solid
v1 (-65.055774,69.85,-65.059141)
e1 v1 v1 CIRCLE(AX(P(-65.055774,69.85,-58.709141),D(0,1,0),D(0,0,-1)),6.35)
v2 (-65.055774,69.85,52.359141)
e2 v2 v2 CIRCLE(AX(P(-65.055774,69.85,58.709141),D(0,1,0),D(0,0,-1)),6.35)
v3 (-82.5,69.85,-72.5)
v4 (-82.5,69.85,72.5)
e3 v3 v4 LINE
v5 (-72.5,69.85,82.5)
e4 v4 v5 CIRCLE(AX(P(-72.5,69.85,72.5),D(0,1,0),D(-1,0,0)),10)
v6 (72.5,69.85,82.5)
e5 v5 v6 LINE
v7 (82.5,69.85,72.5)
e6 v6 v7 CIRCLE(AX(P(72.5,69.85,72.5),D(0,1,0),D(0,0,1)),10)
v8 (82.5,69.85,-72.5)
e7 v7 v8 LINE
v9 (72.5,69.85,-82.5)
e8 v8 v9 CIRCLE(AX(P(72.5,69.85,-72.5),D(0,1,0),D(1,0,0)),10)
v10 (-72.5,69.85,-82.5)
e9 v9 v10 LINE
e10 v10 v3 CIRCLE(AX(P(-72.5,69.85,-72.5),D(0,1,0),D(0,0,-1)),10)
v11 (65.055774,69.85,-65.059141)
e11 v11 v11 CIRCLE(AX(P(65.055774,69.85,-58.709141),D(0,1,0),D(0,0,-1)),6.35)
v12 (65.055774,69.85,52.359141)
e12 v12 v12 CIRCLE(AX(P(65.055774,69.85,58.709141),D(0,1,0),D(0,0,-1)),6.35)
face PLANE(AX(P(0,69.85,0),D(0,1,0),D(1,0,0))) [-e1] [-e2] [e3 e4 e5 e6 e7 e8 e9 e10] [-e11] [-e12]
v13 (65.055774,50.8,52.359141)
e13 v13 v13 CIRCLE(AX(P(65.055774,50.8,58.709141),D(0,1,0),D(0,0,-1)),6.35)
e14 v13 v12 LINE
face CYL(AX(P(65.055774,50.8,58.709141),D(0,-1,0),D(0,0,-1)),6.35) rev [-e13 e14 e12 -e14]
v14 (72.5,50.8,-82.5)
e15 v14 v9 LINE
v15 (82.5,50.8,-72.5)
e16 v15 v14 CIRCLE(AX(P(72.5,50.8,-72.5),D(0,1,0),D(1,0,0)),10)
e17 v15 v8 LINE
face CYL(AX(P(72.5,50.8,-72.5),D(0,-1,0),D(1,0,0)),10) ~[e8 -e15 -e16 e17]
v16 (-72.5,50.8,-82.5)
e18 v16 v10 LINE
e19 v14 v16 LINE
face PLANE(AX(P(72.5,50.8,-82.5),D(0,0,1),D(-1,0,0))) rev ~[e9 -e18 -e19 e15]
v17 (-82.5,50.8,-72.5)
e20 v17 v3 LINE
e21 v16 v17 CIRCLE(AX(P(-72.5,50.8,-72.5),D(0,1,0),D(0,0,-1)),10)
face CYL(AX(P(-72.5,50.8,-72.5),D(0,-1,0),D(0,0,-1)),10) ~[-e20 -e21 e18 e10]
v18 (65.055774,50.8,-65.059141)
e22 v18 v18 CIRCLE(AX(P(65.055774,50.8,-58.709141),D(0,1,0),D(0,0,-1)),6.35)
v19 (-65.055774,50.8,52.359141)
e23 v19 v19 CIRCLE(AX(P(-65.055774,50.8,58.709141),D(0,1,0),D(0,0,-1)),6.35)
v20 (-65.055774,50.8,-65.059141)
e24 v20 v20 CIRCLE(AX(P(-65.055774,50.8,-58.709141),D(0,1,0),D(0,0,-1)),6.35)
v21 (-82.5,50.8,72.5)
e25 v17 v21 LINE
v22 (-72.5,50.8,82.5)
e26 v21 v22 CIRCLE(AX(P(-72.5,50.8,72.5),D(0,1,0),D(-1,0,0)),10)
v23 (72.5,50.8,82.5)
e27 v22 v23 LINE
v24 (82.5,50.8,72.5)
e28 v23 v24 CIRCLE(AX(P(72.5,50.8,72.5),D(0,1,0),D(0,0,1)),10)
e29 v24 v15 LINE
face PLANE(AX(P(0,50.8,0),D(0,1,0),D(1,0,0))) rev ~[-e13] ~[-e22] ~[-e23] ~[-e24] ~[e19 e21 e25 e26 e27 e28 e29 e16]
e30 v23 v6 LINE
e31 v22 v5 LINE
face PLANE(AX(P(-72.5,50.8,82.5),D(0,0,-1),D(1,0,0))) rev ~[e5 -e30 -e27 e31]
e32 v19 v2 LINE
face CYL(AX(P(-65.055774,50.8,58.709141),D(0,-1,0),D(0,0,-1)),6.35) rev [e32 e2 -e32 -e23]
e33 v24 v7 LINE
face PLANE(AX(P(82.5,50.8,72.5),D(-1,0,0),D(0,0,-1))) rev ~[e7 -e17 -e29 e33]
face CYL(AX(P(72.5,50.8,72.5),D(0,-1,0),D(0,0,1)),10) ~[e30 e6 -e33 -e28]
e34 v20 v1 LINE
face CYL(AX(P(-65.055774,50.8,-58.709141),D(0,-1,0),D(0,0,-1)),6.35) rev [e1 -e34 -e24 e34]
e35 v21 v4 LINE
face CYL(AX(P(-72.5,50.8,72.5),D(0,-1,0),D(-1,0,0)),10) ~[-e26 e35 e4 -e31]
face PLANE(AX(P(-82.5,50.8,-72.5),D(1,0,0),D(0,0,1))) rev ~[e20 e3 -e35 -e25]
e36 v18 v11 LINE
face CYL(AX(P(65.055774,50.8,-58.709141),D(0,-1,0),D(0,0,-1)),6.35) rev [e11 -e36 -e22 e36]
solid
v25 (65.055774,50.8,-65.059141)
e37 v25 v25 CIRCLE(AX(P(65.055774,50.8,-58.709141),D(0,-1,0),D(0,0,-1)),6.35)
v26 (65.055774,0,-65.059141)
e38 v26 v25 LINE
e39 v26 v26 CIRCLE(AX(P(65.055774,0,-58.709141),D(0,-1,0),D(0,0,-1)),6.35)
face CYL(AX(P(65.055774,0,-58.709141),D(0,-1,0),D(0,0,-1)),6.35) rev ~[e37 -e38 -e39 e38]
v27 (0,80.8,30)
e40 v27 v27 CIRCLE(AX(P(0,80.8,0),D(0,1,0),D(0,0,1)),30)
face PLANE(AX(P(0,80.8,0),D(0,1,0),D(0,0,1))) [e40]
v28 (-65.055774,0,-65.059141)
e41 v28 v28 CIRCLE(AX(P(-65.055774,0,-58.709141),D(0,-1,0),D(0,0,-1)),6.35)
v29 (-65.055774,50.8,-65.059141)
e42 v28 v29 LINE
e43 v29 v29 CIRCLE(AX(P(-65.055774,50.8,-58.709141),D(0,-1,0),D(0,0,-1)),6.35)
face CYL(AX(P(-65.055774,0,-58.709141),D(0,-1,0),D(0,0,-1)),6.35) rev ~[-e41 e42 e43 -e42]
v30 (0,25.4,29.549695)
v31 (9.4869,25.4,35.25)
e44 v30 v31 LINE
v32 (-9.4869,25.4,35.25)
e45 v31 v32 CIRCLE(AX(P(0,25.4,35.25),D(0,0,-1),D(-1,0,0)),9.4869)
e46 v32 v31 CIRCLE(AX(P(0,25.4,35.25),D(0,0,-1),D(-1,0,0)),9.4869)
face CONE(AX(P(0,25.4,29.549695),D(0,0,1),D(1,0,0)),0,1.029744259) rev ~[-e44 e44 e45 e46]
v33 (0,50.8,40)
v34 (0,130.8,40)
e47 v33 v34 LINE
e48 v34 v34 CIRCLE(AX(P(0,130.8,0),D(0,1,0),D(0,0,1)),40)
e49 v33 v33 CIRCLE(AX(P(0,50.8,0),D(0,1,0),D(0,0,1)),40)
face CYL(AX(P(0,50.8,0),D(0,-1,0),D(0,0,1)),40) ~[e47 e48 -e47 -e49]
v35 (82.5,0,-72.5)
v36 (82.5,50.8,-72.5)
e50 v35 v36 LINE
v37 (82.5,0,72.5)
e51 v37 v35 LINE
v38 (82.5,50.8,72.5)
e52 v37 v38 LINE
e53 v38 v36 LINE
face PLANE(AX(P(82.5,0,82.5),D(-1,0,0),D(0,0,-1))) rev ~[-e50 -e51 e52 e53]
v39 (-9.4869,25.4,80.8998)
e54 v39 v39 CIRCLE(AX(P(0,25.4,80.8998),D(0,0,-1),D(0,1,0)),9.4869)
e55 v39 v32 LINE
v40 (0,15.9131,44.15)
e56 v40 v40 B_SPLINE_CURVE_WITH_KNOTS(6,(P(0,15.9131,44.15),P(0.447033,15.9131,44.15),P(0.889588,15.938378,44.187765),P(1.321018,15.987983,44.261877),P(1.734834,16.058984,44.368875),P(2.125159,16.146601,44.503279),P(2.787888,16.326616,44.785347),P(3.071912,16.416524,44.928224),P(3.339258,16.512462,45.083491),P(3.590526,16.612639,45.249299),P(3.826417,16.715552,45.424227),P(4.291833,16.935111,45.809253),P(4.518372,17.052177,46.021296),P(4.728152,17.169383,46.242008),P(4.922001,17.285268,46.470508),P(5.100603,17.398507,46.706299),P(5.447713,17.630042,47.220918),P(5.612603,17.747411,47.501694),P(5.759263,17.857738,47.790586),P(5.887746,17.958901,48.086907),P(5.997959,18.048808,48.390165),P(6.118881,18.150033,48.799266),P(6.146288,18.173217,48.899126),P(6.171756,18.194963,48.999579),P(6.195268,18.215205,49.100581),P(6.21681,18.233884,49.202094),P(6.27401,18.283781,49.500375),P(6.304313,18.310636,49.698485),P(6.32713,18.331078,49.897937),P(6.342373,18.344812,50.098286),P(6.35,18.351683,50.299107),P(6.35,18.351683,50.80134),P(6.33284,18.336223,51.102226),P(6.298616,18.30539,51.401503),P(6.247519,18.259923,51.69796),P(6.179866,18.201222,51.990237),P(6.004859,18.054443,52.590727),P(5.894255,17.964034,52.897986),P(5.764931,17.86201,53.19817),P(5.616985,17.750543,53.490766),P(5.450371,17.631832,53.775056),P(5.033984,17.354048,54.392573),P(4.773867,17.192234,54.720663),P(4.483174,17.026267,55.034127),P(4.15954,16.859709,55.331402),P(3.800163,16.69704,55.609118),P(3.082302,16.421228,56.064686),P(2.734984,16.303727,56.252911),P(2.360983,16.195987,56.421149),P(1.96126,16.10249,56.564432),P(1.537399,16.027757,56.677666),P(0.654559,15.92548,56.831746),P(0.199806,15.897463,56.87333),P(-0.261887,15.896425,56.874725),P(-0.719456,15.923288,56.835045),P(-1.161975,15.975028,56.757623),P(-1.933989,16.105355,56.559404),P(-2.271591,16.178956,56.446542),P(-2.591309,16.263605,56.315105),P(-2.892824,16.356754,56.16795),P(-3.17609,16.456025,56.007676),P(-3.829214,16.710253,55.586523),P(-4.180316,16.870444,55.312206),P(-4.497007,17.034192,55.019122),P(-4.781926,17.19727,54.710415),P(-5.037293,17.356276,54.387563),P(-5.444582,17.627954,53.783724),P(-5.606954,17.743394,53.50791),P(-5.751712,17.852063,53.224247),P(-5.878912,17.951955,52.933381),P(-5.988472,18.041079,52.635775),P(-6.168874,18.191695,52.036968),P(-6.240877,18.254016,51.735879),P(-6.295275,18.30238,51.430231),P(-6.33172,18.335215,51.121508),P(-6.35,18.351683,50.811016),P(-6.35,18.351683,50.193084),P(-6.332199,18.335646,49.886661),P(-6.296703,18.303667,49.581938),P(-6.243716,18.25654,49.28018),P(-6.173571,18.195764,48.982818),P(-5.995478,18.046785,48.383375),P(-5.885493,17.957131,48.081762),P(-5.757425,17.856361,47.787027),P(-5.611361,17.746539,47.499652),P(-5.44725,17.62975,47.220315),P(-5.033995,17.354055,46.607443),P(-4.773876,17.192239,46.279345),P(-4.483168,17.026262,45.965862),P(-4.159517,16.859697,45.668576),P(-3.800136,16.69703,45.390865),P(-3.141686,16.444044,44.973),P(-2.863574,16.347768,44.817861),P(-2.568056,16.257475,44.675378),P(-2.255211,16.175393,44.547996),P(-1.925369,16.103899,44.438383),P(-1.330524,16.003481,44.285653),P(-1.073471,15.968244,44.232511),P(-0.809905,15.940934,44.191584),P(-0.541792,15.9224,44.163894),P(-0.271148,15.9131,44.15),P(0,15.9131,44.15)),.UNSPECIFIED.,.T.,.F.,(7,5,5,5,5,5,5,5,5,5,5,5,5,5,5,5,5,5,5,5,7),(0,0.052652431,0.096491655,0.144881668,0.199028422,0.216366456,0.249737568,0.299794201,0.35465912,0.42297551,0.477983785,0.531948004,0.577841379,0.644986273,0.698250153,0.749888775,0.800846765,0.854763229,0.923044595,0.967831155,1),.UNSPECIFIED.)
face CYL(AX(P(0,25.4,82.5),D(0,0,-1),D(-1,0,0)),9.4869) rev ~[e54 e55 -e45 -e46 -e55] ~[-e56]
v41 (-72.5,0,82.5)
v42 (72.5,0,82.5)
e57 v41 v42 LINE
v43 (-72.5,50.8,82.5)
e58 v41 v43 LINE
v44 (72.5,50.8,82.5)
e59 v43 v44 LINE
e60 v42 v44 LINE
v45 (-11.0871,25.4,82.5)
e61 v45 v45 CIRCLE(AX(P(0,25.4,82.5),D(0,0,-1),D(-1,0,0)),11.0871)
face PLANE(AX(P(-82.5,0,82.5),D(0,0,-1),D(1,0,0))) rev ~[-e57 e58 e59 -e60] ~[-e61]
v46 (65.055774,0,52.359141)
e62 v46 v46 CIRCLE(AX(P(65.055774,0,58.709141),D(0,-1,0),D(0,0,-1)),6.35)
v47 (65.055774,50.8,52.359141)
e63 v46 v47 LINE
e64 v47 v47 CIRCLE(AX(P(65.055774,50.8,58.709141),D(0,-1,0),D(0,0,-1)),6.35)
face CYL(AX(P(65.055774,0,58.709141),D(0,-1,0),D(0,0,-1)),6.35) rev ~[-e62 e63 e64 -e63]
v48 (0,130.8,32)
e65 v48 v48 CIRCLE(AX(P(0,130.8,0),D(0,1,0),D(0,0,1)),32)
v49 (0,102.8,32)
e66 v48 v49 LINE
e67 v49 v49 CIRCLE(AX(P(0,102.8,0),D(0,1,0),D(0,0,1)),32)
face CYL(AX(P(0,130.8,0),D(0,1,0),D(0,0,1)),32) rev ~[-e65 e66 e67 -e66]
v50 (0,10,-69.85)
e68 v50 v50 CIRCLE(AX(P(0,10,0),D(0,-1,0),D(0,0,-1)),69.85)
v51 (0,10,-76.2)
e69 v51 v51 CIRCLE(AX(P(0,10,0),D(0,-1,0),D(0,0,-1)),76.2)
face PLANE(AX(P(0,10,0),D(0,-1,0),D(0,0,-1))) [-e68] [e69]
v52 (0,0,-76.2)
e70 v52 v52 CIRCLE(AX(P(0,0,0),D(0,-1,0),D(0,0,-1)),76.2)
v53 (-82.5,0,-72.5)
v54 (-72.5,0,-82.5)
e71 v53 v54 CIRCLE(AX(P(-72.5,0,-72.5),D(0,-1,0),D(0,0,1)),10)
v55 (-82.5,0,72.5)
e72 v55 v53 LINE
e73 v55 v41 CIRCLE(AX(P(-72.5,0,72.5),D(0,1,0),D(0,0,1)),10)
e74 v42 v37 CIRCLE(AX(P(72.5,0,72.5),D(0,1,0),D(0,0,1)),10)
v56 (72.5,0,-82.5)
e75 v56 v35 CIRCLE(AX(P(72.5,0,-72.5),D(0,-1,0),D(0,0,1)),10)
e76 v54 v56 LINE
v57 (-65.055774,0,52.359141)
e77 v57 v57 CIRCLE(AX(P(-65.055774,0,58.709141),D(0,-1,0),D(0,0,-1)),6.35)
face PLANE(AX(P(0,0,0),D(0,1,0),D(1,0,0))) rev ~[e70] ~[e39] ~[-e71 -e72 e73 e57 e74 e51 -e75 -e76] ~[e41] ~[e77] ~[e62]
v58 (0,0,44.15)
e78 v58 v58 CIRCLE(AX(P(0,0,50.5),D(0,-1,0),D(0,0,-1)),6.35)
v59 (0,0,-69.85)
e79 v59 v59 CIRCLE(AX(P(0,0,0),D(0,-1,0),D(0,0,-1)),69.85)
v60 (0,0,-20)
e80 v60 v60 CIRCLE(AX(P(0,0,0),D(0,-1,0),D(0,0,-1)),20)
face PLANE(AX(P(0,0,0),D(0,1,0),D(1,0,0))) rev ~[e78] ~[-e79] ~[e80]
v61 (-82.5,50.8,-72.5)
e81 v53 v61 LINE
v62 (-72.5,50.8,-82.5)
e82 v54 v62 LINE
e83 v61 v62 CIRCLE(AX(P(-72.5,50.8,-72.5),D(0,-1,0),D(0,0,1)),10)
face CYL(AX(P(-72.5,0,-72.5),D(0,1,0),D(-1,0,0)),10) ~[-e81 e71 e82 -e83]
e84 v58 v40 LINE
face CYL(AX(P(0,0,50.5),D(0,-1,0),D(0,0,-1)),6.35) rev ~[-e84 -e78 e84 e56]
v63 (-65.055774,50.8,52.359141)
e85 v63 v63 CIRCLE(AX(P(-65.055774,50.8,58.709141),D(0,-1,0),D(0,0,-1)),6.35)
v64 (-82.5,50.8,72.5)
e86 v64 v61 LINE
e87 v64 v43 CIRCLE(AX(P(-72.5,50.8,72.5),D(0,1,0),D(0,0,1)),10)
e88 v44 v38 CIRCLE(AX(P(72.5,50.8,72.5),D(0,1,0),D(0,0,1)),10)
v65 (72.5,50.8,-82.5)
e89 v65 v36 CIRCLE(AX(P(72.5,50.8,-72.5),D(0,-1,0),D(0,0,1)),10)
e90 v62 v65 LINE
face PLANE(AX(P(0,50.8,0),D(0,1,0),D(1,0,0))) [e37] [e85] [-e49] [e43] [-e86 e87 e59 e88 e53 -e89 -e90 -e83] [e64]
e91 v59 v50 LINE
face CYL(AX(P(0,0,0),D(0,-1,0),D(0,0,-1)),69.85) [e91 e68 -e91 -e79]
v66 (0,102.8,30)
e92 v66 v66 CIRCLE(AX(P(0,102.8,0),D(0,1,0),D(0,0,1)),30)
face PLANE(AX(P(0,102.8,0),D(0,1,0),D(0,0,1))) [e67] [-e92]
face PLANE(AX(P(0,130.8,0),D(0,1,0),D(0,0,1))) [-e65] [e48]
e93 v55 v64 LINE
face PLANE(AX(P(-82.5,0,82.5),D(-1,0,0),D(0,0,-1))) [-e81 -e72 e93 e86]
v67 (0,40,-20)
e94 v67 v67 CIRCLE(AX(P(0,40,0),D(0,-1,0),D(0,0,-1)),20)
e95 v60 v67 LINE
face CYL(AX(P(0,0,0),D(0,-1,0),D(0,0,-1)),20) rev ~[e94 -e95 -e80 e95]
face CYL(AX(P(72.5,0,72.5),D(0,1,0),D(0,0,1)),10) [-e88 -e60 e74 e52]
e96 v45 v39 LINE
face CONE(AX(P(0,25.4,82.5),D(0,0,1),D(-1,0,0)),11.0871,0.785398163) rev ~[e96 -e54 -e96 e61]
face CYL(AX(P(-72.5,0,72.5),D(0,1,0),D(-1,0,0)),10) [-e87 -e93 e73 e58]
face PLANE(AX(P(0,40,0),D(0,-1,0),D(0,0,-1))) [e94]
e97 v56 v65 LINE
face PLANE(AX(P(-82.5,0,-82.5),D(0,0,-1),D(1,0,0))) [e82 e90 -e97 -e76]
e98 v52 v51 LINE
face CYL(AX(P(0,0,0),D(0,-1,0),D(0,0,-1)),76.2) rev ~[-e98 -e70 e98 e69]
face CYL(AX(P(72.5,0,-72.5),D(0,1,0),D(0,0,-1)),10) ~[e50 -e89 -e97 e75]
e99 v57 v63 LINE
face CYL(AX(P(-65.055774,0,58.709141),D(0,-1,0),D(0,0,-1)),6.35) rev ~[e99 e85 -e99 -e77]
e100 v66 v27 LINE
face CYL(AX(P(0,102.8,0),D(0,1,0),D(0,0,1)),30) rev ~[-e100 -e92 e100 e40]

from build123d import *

# Parameters (mm, degrees)
SKETCH1_W                              = 165
SKETCH1_H                              = 165
BOSS_EXTRUDE1_DEPTH                    = 50.8
SKETCH2_R                              = 40
BOSS_EXTRUDE2_DEPTH                    = 80
SKETCH3_R                              = 32
CUT_EXTRUDE1_DEPTH                     = 28
SKETCH4_R                              = 30
CUT_EXTRUDE2_DEPTH                     = 22
FILLET1_R                              = 10
SKETCH5_R                              = 20
CUT_EXTRUDE3_DEPTH                     = 40
SKETCH6_R                              = 76.2
SKETCH6_R_2                            = 69.85
CUT_EXTRUDE4_DEPTH                     = 10
F_1_2_14_NPSM_TAPPED_HOLE2_D           = 18.9738
F_1_2_14_NPSM_TAPPED_HOLE2_DEPTH       = 47.25
F_1_2_14_NPSM_TAPPED_HOLE2_CSINK_D     = 22.1742
F_1_2_14_NPSM_TAPPED_HOLE2_CSINK_ANGLE = 90
F_1_2_14_NPSM_TAPPED_HOLE2_TIP         = 5.700304607
SKETCH12_R                             = 6.35
CUT_EXTRUDE5_DEPTH                     = 25
SKETCH20_R                             = 6.35
CUT_EXTRUDE6_DEPTH                     = 176.274470474
SKETCH24_R                             = 6.35
BOSS_EXTRUDE4_DEPTH                    = 19.05


with BuildPart() as part:
    # Sketch1 → Boss-Extrude1 (new body)
    with BuildSketch(Plane(origin=(0, 0, 0), x_dir=(1, 0, 0), z_dir=(0, 1, 0))):
        Rectangle(SKETCH1_W, SKETCH1_H)
    extrude(amount=BOSS_EXTRUDE1_DEPTH)

    # Sketch2 → Boss-Extrude2 (add)
    with BuildSketch(Plane(origin=(0, 50.8, 0), x_dir=(1, 0, 0), z_dir=(0, 1, 0))):
        with Locations(Location((0, 0, 0), (0, 0, 270))):
            Circle(SKETCH2_R)
    extrude(amount=BOSS_EXTRUDE2_DEPTH)

    # Sketch3 → Cut-Extrude1 (cut)
    with BuildSketch(Plane(origin=(0, 130.8, 0), x_dir=(1, 0, 0), z_dir=(0, 1, 0))):
        with Locations(Location((0, 0, 0), (0, 0, 270))):
            Circle(SKETCH3_R)
    extrude(amount=-CUT_EXTRUDE1_DEPTH, mode=Mode.SUBTRACT)

    # Sketch4 → Cut-Extrude2 (cut)
    with BuildSketch(Plane(origin=(0, 102.8, 0), x_dir=(1, 0, 0), z_dir=(0, 1, 0))):
        with Locations(Location((0, 0, 0), (0, 0, 270))):
            Circle(SKETCH4_R)
    extrude(amount=-CUT_EXTRUDE2_DEPTH, mode=Mode.SUBTRACT)

    # Fillet1
    fillet1_edges = [part.edges().sort_by_distance(p)[0] for p in [
        (82.5, 25.4, 82.5),
        (-82.5, 25.4, 82.5),
        (-82.5, 25.4, -82.5),
        (82.5, 25.4, -82.5),
    ]]
    fillet(fillet1_edges, radius=FILLET1_R)

    # Sketch5 → Cut-Extrude3 (cut)
    with BuildSketch(Plane.XZ):
        with Locations(Location((0, 0, 0), (0, 0, 270))):
            Circle(SKETCH5_R)
    extrude(amount=-CUT_EXTRUDE3_DEPTH, mode=Mode.SUBTRACT)

    # Sketch6 → Cut-Extrude4 (cut)
    with BuildSketch(Plane.XZ):
        with Locations(Location((0, 0, 0), (0, 0, 270))):
            Circle(SKETCH6_R)
        with Locations(Location((0, 0, 0), (0, 0, 270))):
            Circle(SKETCH6_R_2, mode=Mode.SUBTRACT)
    extrude(amount=-CUT_EXTRUDE4_DEPTH, mode=Mode.SUBTRACT)

    # 1/2-14 NPSM Tapped Hole2
    with Locations(Plane.XY.offset(82.5)):
        with Locations((0, 25.4)):
            CounterSinkHole(F_1_2_14_NPSM_TAPPED_HOLE2_D / 2, F_1_2_14_NPSM_TAPPED_HOLE2_CSINK_D / 2, depth=F_1_2_14_NPSM_TAPPED_HOLE2_DEPTH, counter_sink_angle=F_1_2_14_NPSM_TAPPED_HOLE2_CSINK_ANGLE)
            with Locations((0, 0, -(F_1_2_14_NPSM_TAPPED_HOLE2_DEPTH + F_1_2_14_NPSM_TAPPED_HOLE2_TIP / 2))):  # 118° drill point
                Cone(0, F_1_2_14_NPSM_TAPPED_HOLE2_D / 2, F_1_2_14_NPSM_TAPPED_HOLE2_TIP, mode=Mode.SUBTRACT)

    # Sketch12 → Cut-Extrude5 (cut)
    with BuildSketch(Plane.XZ):
        with Locations(Location((0, 50.5, 0), (0, 0, 270))):
            Circle(SKETCH12_R)
    extrude(amount=-CUT_EXTRUDE5_DEPTH, mode=Mode.SUBTRACT)

    # Sketch20 → Cut-Extrude6 (cut, through all)
    with BuildSketch(Plane.XZ):
        with Locations(Location((-65.055773782, 58.709140665, 0), (0, 0, 270))):
            Circle(SKETCH20_R)
        with Locations(Location((-65.055773782, -58.709140665, 0), (0, 0, 270))):
            Circle(SKETCH20_R)
        with Locations(Location((65.055773782, -58.709140665, 0), (0, 0, 270))):
            Circle(SKETCH20_R)
        with Locations(Location((65.055773782, 58.709140665, 0), (0, 0, 270))):
            Circle(SKETCH20_R)
    extrude(amount=-CUT_EXTRUDE6_DEPTH, mode=Mode.SUBTRACT)


with BuildPart() as body_2:
    # Sketch24 → Boss-Extrude4 (new body)
    with BuildSketch(Plane(origin=(0, 50.8, 0), x_dir=(1, 0, 0), z_dir=(0, 1, 0))):
        with BuildLine():
            Line((-72.5, -82.5), (72.5, -82.5))
            ThreePointArc((72.5, -82.5), (79.571067812, -79.571067812), (82.5, -72.5))
            Line((82.5, -72.5), (82.5, 72.5))
            ThreePointArc((82.5, 72.5), (79.571067812, 79.571067812), (72.5, 82.5))
            Line((72.5, 82.5), (-72.5, 82.5))
            ThreePointArc((-72.5, 82.5), (-79.571067812, 79.571067812), (-82.5, 72.5))
            Line((-82.5, 72.5), (-82.5, -72.5))
            ThreePointArc((-82.5, -72.5), (-79.571067812, -79.571067812), (-72.5, -82.5))
        make_face()
        with Locations(Location((-65.055773782, -58.709140665, 0), (0, 0, 90))):
            Circle(SKETCH24_R, mode=Mode.SUBTRACT)
        with Locations(Location((-65.055773782, 58.709140665, 0), (0, 0, 90))):
            Circle(SKETCH24_R, mode=Mode.SUBTRACT)
        with Locations(Location((65.055773782, -58.709140665, 0), (0, 0, 90))):
            Circle(SKETCH24_R, mode=Mode.SUBTRACT)
        with Locations(Location((65.055773782, 58.709140665, 0), (0, 0, 90))):
            Circle(SKETCH24_R, mode=Mode.SUBTRACT)
    extrude(amount=BOSS_EXTRUDE4_DEPTH)


solid = Compound([part.part, body_2.part])
